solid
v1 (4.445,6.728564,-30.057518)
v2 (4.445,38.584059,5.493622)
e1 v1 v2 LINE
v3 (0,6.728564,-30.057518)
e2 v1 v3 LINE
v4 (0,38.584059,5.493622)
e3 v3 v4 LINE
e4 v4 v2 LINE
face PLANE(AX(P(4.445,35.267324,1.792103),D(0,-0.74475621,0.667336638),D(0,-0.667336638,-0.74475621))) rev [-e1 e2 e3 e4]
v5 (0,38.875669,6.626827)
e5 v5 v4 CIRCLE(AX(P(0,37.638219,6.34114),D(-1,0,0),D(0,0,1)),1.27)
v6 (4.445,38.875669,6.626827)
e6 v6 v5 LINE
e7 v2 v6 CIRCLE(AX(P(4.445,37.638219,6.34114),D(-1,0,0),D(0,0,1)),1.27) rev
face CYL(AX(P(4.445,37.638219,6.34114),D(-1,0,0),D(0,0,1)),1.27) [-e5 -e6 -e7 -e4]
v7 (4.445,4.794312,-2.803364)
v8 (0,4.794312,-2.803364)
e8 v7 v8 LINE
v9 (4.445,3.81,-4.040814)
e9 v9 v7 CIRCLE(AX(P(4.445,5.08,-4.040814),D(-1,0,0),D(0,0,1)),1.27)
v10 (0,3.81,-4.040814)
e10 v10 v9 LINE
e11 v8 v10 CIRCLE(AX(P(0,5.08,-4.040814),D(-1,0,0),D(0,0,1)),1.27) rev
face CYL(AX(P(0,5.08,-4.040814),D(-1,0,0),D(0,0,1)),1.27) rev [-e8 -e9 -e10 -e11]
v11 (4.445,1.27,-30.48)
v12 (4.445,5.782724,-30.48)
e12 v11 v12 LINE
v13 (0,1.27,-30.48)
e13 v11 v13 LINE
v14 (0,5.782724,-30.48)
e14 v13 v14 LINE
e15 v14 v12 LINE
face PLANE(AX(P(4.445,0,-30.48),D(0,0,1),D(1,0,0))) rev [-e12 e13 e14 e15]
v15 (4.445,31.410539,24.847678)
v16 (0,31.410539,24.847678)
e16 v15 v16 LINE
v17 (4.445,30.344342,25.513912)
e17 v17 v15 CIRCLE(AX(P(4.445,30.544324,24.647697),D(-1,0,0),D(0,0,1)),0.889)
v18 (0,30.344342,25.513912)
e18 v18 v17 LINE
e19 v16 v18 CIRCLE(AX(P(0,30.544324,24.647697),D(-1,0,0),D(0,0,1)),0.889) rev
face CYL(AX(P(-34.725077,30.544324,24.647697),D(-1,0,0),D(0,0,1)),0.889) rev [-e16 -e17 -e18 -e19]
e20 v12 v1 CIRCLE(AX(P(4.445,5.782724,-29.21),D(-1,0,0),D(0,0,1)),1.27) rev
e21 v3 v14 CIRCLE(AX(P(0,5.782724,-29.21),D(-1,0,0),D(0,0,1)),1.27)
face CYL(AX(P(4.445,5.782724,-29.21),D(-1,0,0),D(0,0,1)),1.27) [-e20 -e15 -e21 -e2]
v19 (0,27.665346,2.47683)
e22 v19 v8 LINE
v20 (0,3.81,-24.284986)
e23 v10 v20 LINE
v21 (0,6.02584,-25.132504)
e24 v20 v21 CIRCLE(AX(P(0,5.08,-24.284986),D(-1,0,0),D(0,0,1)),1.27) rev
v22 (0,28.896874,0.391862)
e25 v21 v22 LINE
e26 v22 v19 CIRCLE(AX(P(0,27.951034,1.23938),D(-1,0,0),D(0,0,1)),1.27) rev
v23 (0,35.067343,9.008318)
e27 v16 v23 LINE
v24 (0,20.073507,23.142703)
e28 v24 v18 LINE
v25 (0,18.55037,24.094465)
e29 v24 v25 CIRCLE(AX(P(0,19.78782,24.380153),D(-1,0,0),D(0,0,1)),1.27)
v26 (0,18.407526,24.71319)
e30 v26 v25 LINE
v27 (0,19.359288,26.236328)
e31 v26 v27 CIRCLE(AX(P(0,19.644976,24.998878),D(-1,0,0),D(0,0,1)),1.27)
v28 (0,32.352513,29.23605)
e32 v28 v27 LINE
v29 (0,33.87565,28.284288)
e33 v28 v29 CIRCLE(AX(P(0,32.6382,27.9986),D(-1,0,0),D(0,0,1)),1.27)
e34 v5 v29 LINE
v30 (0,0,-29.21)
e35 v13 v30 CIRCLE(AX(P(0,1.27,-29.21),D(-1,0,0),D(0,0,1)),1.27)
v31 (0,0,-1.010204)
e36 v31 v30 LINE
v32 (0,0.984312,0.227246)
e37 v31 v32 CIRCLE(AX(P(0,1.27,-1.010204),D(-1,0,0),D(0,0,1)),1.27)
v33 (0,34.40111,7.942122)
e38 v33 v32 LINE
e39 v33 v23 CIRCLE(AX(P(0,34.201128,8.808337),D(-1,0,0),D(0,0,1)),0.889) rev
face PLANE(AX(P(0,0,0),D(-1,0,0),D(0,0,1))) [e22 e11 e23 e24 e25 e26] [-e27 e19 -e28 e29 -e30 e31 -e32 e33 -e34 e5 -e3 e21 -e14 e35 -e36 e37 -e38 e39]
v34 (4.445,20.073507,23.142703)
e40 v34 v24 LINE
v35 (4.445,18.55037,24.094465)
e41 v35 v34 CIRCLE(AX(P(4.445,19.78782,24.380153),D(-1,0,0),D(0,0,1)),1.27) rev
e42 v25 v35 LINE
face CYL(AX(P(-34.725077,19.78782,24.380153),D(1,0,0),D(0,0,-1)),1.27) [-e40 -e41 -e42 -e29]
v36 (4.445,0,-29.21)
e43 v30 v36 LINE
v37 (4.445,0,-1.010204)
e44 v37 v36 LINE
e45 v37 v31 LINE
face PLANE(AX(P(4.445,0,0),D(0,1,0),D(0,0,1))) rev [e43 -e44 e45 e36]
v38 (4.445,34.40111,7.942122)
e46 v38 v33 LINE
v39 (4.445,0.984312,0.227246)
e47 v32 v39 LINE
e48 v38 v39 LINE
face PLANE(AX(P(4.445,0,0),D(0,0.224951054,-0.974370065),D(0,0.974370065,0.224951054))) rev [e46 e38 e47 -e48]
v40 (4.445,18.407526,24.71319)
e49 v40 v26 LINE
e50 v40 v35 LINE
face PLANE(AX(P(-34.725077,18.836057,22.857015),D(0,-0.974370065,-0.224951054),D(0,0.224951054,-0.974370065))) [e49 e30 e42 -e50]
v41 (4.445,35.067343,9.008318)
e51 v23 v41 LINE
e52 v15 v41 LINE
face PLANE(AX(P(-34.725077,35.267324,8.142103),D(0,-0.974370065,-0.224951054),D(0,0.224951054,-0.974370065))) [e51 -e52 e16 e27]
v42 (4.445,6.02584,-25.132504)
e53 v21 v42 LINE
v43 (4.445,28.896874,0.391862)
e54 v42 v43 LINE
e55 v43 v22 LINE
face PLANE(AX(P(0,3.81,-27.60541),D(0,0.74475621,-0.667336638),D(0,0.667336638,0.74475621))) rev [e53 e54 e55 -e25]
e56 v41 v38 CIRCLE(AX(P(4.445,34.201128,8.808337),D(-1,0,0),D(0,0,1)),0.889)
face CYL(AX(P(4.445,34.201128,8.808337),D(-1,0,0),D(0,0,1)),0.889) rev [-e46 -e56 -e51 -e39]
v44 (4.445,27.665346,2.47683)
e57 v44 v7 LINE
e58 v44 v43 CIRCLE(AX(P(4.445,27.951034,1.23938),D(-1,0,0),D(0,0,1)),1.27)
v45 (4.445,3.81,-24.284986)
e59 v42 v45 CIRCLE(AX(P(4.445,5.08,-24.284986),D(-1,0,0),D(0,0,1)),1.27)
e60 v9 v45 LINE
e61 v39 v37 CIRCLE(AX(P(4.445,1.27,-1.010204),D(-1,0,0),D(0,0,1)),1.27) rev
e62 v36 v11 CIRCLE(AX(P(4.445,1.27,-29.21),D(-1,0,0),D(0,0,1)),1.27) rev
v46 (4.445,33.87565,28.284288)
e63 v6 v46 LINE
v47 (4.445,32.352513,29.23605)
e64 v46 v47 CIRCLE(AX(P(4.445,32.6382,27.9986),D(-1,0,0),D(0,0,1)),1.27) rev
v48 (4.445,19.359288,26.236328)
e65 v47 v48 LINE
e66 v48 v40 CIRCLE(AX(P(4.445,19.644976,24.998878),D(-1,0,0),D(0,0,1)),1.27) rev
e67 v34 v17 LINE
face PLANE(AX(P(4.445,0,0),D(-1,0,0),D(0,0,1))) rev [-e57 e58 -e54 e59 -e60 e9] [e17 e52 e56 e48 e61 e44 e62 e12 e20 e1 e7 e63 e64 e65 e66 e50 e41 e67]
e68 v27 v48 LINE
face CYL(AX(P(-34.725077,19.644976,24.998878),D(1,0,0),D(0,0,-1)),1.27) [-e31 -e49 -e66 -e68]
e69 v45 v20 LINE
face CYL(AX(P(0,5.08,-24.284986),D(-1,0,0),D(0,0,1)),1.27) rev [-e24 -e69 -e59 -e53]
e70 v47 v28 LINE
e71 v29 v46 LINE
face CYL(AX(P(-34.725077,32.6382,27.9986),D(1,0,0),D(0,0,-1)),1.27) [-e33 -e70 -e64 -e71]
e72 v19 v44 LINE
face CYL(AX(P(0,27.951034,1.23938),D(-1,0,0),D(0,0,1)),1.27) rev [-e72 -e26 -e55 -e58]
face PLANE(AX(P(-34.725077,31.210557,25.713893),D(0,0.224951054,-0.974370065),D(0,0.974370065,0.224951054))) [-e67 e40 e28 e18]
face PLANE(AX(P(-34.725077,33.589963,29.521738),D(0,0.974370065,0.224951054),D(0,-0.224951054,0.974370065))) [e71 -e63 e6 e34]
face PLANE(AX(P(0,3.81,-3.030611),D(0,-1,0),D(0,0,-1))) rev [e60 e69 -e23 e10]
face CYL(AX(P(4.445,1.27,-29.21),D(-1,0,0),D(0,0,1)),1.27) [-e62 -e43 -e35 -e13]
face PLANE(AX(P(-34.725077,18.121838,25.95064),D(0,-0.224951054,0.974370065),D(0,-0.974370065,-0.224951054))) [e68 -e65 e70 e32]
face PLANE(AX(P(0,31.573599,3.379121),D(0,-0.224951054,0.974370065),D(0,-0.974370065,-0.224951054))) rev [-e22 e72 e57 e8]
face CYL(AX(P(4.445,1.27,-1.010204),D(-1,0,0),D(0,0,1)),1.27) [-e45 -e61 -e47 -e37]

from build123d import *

# Parameters (mm, degrees)
BOSS_EXTRUDE1_DEPTH = 4.445
BOSS_EXTRUDE2_DEPTH = 4.445
FILLET1_R           = 0.889
FILLET2_R           = 1.27
CUT_EXTRUDE1_DEPTH  = 50.624972926
FILLET3_R           = 1.27


with BuildPart() as part:
    # Sketch1 → Boss-Extrude1 (new body)
    with BuildSketch(Plane(origin=(0, 0, 0), x_dir=(0, 0, -1), z_dir=(1, 0, 0))):
        Polygon((0, 0), (30.48, 0), (30.48, 6.35), (-1.792103412, 35.267324495), (-8.142103412, 35.267324495), align=None)
    extrude(amount=BOSS_EXTRUDE1_DEPTH)

    # Sketch2 → Boss-Extrude2 (add)
    with BuildSketch(Plane(origin=(4.445, 0, 0), x_dir=(0, 0, -1), z_dir=(1, 0, 0))):
        Polygon((-8.142103412, 35.267324495), (-25.71389316, 31.210557181), (-22.85701477, 18.836057358), (-25.950639726, 18.121837761), (-29.521737714, 33.589962539), (-5.984546816, 39.023951226), (-1.792103412, 35.267324495), align=None)
    extrude(amount=-BOSS_EXTRUDE2_DEPTH)

    # Fillet1
    fillet1_edges = [part.edges().sort_by_distance(p)[0] for p in [
        (2.2225, 31.210557181, 25.71389316),
        (2.2225, 35.267324495, 8.142103412),
    ]]
    fillet(fillet1_edges, radius=FILLET1_R)

    # Fillet2
    fillet2_edges = [part.edges().sort_by_distance(p)[0] for p in [
        (2.2225, 39.023951226, 5.984546816),
        (2.2225, 33.589962539, 29.521737714),
        (2.2225, 18.121837761, 25.950639726),
        (2.2225, 18.836057358, 22.85701477),
        (2.2225, 6.35, -30.48),
        (2.2225, 0, -30.48),
        (2.2225, 0, 0),
    ]]
    fillet(fillet2_edges, radius=FILLET2_R)

    # Sketch3 → Cut-Extrude1 (cut, through all)
    with BuildSketch(Plane(origin=(4.445, 0, 0), x_dir=(0, 0, -1), z_dir=(1, 0, 0))):
        Polygon((-3.37912104, 31.57359901), (3.030610843, 3.81), (27.605409997, 3.81), align=None)
    extrude(amount=-CUT_EXTRUDE1_DEPTH, mode=Mode.SUBTRACT)

    # Fillet3
    fillet3_edges = [part.edges().sort_by_distance(p)[0] for p in [
        (2.2225, 31.57359901, 3.37912104),
        (2.2225, 3.81, -27.605409997),
        (2.2225, 3.81, -3.030610843),
    ]]
    fillet(fillet3_edges, radius=FILLET3_R)


solid = part.part
